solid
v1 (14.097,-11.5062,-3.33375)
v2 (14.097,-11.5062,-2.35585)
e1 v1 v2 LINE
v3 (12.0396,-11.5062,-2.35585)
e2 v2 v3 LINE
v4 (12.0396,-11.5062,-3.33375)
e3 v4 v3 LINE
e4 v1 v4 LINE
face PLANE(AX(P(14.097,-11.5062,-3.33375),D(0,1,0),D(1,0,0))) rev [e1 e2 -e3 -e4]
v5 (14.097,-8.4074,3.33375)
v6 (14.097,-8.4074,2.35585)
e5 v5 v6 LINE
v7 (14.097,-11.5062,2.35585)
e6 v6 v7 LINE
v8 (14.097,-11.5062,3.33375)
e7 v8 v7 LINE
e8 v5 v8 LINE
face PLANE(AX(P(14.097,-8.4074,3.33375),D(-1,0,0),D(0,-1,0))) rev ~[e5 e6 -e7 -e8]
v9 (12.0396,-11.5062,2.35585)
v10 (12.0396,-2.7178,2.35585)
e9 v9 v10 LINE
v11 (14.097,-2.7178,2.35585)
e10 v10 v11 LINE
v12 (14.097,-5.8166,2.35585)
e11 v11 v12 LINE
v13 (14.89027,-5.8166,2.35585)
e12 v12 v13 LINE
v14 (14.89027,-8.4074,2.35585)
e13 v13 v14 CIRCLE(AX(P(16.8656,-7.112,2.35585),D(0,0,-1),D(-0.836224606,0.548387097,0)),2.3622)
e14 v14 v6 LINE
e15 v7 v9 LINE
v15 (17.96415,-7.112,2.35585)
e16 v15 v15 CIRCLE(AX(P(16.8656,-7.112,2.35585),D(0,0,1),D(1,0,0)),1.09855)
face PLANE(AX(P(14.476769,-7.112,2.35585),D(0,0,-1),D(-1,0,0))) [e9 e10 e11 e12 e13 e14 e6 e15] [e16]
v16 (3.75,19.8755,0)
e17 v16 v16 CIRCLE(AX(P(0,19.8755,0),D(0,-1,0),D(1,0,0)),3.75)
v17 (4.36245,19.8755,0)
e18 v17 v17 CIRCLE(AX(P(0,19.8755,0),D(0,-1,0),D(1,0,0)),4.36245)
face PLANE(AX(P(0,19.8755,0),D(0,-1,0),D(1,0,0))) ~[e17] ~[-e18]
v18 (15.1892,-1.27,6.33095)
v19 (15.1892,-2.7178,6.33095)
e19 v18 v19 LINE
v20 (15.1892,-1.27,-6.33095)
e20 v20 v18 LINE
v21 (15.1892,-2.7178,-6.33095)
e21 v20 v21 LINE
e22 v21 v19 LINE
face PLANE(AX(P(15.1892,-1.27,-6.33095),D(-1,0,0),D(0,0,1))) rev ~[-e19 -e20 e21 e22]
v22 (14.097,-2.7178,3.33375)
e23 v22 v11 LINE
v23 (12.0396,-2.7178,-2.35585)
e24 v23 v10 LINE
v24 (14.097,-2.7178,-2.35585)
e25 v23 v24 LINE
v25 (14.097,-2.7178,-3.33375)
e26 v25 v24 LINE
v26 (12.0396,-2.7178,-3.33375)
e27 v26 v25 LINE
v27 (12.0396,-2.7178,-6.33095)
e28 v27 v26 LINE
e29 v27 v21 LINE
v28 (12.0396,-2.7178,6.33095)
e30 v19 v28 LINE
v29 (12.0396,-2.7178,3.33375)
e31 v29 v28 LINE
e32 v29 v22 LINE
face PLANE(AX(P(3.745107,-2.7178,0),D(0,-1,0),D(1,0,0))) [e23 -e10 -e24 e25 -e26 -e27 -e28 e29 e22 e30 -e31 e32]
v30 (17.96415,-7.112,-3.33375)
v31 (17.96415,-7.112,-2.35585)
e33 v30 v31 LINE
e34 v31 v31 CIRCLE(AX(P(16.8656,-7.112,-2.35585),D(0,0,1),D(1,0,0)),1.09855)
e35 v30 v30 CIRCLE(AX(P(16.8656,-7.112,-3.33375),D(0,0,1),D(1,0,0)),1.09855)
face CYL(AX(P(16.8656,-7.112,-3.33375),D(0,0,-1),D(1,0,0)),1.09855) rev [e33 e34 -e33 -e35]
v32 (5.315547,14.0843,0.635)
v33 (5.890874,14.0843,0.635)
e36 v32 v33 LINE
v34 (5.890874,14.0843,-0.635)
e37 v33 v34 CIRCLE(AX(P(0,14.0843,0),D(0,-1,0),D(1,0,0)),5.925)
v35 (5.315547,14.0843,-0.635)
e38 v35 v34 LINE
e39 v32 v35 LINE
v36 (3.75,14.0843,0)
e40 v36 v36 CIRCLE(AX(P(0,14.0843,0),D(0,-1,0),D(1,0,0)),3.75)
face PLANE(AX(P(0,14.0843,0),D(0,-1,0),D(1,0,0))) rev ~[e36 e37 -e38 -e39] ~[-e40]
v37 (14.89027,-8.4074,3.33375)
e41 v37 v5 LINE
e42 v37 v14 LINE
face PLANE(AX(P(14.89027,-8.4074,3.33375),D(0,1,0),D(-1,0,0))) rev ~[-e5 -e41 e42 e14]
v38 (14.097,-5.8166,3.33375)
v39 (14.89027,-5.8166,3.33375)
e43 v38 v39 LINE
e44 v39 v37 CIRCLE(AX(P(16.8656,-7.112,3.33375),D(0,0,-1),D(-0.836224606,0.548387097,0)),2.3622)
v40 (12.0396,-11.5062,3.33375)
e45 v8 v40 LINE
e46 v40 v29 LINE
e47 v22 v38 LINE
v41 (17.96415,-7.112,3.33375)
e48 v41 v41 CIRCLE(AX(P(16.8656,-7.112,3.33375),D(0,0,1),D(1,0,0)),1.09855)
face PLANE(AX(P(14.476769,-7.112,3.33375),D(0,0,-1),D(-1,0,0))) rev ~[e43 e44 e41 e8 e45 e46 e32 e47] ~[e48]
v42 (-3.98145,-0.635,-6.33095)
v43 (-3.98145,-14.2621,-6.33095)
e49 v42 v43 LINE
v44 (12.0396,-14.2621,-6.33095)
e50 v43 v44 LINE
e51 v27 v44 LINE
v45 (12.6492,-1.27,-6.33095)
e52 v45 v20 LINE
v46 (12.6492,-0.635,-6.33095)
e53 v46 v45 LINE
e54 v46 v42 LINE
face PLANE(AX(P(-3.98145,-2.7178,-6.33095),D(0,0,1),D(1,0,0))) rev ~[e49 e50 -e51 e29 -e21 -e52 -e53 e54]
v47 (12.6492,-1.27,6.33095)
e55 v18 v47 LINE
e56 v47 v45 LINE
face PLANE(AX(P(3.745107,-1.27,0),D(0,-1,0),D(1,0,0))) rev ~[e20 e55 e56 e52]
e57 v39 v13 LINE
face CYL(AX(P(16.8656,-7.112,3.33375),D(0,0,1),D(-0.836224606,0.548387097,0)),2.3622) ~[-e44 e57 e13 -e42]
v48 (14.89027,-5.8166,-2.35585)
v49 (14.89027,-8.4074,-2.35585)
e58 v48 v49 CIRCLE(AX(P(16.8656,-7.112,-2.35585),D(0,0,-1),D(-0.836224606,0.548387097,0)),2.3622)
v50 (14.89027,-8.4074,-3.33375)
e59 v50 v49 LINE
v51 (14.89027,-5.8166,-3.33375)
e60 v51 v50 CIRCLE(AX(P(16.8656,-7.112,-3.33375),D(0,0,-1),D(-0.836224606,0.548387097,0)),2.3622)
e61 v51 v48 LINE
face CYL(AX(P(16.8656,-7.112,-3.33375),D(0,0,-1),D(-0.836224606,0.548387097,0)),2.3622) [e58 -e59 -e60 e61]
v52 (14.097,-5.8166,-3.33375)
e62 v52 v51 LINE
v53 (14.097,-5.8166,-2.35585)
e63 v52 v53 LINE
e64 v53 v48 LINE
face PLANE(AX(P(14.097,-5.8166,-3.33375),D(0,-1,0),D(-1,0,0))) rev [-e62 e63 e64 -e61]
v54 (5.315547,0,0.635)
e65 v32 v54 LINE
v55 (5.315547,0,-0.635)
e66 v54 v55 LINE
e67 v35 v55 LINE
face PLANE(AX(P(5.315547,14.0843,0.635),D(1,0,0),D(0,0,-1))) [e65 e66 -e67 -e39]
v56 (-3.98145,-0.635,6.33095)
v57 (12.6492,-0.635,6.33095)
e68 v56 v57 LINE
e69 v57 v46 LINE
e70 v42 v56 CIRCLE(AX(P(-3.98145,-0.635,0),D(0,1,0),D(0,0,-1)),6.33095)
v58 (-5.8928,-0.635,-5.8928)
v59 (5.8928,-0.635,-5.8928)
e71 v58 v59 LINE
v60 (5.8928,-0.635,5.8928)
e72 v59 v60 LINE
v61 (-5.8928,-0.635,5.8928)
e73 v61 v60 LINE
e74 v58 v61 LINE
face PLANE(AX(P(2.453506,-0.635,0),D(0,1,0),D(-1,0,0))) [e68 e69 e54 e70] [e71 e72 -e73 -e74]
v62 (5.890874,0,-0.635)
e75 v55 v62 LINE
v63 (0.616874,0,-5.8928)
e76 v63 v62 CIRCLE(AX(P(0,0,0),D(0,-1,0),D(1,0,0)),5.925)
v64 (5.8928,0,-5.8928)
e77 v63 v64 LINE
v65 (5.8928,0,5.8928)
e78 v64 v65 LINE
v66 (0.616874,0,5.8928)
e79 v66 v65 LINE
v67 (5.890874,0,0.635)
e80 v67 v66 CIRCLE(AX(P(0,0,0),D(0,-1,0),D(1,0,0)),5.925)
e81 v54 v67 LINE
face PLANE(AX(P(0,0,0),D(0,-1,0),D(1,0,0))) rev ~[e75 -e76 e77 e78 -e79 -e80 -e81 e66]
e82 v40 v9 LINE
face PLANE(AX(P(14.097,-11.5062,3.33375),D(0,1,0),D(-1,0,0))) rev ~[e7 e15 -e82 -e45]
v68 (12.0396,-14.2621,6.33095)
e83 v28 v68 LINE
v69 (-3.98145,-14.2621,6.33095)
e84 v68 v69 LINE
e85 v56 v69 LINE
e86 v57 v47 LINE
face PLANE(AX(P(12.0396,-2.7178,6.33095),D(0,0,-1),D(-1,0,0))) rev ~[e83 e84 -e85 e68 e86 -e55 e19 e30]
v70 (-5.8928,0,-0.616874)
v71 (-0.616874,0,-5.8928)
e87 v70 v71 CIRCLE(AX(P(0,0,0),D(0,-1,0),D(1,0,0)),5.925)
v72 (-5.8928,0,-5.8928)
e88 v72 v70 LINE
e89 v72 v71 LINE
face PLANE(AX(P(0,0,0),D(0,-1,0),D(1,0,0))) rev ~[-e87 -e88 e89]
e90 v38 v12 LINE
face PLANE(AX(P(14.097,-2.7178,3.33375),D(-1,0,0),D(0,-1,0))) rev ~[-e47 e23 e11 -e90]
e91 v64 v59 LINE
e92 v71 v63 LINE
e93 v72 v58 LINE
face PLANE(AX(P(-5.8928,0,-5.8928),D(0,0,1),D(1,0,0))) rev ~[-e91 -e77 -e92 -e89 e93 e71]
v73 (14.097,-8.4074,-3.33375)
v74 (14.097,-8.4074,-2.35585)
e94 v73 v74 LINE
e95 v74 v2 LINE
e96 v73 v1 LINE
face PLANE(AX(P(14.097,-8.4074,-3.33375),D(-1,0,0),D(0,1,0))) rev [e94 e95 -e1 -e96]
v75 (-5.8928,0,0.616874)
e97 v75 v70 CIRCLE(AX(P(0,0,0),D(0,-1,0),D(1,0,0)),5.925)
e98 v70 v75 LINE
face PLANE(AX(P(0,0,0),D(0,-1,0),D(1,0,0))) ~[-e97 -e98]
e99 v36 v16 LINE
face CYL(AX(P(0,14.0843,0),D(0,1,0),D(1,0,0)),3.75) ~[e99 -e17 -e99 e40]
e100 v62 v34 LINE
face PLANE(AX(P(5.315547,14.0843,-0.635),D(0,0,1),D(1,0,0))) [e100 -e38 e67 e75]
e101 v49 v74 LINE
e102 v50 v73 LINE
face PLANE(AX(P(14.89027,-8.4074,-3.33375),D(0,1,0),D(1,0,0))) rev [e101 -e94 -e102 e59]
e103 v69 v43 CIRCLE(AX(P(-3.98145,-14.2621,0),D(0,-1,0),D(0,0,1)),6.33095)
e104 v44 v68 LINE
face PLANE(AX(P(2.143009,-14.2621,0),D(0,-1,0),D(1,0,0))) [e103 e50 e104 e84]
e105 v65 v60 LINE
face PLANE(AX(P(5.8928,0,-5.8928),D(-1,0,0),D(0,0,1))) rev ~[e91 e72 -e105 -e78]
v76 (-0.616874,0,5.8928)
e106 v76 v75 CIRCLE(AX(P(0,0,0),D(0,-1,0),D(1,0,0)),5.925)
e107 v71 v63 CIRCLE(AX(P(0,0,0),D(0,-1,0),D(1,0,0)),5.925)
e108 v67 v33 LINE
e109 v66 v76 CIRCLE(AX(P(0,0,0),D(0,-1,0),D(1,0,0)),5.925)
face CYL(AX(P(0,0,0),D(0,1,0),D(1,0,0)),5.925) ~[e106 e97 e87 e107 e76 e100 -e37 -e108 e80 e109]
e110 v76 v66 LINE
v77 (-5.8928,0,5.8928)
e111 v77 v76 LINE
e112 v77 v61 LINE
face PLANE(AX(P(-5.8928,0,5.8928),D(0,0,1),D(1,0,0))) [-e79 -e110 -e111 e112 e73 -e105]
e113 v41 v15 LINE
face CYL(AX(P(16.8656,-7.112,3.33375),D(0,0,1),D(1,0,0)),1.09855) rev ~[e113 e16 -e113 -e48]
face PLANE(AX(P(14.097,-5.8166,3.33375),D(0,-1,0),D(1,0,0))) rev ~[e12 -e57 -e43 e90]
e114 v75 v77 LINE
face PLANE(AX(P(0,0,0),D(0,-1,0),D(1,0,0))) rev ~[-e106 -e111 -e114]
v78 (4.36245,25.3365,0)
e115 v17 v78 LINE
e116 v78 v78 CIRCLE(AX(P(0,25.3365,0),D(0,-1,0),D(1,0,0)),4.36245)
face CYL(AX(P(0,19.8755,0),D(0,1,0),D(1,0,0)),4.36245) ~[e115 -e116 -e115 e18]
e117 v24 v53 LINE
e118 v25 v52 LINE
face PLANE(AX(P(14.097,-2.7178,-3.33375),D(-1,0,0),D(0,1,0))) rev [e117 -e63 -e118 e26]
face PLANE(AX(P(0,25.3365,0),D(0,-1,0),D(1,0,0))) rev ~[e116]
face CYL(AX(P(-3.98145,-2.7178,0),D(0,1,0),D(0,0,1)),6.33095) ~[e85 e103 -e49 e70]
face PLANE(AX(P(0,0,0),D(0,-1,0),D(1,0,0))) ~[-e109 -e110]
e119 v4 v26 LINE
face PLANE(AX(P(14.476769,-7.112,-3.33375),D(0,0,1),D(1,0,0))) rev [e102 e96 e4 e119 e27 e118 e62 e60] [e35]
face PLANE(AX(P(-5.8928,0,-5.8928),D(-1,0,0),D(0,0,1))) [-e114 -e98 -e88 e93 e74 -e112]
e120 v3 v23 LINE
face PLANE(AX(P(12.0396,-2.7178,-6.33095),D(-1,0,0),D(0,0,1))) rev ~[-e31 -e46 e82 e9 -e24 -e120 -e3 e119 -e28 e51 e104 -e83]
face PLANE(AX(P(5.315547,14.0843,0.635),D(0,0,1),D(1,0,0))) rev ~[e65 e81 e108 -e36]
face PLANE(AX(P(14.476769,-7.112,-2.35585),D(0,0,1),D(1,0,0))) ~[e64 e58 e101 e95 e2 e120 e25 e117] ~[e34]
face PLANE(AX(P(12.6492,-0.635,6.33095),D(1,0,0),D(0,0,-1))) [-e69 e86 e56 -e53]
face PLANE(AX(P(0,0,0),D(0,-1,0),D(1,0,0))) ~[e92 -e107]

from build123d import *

# Parameters (mm, degrees)
SKETCH2_W           = 11.7856
SKETCH2_H           = 11.7856
BOSS_EXTRUDE1_DEPTH = 0.635
BOSS_EXTRUDE2_DEPTH = 0.635
BOSS_EXTRUDE3_DEPTH = 1.4478
BOSS_EXTRUDE4_DEPTH = 11.5443
SKETCH6_R           = 1.09855
BOSS_EXTRUDE5_DEPTH = 0.9779
SKETCH7_W           = 1.509743552
SKETCH7_H           = 1.27
CUT_EXTRUDE1_DEPTH  = 14.0843


with BuildPart() as part:
    # Sketch1 → Revolve1 (revolve)
    with BuildSketch(Plane.XY):
        Polygon((0, 0), (5.925, 0), (5.925, 14.0843), (3.75, 14.0843), (3.75, 19.8755), (4.36245, 19.8755), (4.36245, 25.3365), (0, 25.3365), align=None)
    revolve(axis=Axis((0, 31.195966839, 0), (0, -1, 0)))

    # Sketch2 → Boss-Extrude1 (add)
    with BuildSketch(Plane.XZ):
        Rectangle(SKETCH2_W, SKETCH2_H)
    extrude(amount=BOSS_EXTRUDE1_DEPTH)

    # Sketch3 → Boss-Extrude2 (add)
    with BuildSketch(Plane.XZ.offset(0.635)):
        with BuildLine():
            Line((-3.98145, 6.33095), (12.6492, 6.33095))
            Line((12.6492, 6.33095), (12.6492, -6.33095))
            Line((12.6492, -6.33095), (-3.98145, -6.33095))
            ThreePointArc((-3.98145, -6.33095), (-10.3124, 0), (-3.98145, 6.33095))
        make_face()
    extrude(amount=BOSS_EXTRUDE2_DEPTH)

    # Sketch4 → Boss-Extrude3 (add)
    with BuildSketch(Plane.XZ.offset(1.27)):
        with BuildLine():
            Line((-3.98145, -6.33095), (15.1892, -6.33095))
            Line((15.1892, -6.33095), (15.1892, 6.33095))
            Line((15.1892, 6.33095), (-3.98145, 6.33095))
            ThreePointArc((-3.98145, 6.33095), (-10.3124, 0), (-3.98145, -6.33095))
        make_face()
    extrude(amount=BOSS_EXTRUDE3_DEPTH)

    # Sketch5 → Boss-Extrude4 (add)
    with BuildSketch(Plane.XZ.offset(2.7178)):
        with BuildLine():
            Line((12.0396, 6.33095), (-3.98145, 6.33095))
            ThreePointArc((-3.98145, 6.33095), (-10.3124, 0), (-3.98145, -6.33095))
            Line((-3.98145, -6.33095), (12.0396, -6.33095))
            Line((12.0396, -6.33095), (12.0396, 6.33095))
        make_face()
    extrude(amount=BOSS_EXTRUDE4_DEPTH)

    # Sketch6 → Boss-Extrude5 (add)
    with BuildSketch(Plane.XY.offset(3.33375)):
        with BuildLine():
            Line((14.097, -8.4074), (14.097, -11.5062))
            Line((14.097, -11.5062), (12.0396, -11.5062))
            Line((12.0396, -11.5062), (12.0396, -2.7178))
            Line((12.0396, -2.7178), (14.097, -2.7178))
            Line((14.097, -2.7178), (14.097, -5.8166))
            Line((14.097, -5.8166), (14.890270235, -5.8166))
            ThreePointArc((14.890270235, -5.8166), (19.2278, -7.112), (14.890270235, -8.4074))
            Line((14.890270235, -8.4074), (14.097, -8.4074))
        make_face()
        with Locations((16.8656, -7.112)):
            Circle(SKETCH6_R, mode=Mode.SUBTRACT)
    boss_extrude5 = extrude(amount=-BOSS_EXTRUDE5_DEPTH)

    # Mirror1: Boss-Extrude5 across plane
    add(boss_extrude5.mirror(Plane.XY))

    # Sketch7 → Cut-Extrude1 (cut)
    with BuildSketch(Plane(origin=(0, 14.0843, 0), x_dir=(1, 0, 0), z_dir=(0, 1, 0))):
        with Locations((6.070418397, 0)):
            Rectangle(SKETCH7_W, SKETCH7_H)
    extrude(amount=-CUT_EXTRUDE1_DEPTH, mode=Mode.SUBTRACT)


solid = part.part
